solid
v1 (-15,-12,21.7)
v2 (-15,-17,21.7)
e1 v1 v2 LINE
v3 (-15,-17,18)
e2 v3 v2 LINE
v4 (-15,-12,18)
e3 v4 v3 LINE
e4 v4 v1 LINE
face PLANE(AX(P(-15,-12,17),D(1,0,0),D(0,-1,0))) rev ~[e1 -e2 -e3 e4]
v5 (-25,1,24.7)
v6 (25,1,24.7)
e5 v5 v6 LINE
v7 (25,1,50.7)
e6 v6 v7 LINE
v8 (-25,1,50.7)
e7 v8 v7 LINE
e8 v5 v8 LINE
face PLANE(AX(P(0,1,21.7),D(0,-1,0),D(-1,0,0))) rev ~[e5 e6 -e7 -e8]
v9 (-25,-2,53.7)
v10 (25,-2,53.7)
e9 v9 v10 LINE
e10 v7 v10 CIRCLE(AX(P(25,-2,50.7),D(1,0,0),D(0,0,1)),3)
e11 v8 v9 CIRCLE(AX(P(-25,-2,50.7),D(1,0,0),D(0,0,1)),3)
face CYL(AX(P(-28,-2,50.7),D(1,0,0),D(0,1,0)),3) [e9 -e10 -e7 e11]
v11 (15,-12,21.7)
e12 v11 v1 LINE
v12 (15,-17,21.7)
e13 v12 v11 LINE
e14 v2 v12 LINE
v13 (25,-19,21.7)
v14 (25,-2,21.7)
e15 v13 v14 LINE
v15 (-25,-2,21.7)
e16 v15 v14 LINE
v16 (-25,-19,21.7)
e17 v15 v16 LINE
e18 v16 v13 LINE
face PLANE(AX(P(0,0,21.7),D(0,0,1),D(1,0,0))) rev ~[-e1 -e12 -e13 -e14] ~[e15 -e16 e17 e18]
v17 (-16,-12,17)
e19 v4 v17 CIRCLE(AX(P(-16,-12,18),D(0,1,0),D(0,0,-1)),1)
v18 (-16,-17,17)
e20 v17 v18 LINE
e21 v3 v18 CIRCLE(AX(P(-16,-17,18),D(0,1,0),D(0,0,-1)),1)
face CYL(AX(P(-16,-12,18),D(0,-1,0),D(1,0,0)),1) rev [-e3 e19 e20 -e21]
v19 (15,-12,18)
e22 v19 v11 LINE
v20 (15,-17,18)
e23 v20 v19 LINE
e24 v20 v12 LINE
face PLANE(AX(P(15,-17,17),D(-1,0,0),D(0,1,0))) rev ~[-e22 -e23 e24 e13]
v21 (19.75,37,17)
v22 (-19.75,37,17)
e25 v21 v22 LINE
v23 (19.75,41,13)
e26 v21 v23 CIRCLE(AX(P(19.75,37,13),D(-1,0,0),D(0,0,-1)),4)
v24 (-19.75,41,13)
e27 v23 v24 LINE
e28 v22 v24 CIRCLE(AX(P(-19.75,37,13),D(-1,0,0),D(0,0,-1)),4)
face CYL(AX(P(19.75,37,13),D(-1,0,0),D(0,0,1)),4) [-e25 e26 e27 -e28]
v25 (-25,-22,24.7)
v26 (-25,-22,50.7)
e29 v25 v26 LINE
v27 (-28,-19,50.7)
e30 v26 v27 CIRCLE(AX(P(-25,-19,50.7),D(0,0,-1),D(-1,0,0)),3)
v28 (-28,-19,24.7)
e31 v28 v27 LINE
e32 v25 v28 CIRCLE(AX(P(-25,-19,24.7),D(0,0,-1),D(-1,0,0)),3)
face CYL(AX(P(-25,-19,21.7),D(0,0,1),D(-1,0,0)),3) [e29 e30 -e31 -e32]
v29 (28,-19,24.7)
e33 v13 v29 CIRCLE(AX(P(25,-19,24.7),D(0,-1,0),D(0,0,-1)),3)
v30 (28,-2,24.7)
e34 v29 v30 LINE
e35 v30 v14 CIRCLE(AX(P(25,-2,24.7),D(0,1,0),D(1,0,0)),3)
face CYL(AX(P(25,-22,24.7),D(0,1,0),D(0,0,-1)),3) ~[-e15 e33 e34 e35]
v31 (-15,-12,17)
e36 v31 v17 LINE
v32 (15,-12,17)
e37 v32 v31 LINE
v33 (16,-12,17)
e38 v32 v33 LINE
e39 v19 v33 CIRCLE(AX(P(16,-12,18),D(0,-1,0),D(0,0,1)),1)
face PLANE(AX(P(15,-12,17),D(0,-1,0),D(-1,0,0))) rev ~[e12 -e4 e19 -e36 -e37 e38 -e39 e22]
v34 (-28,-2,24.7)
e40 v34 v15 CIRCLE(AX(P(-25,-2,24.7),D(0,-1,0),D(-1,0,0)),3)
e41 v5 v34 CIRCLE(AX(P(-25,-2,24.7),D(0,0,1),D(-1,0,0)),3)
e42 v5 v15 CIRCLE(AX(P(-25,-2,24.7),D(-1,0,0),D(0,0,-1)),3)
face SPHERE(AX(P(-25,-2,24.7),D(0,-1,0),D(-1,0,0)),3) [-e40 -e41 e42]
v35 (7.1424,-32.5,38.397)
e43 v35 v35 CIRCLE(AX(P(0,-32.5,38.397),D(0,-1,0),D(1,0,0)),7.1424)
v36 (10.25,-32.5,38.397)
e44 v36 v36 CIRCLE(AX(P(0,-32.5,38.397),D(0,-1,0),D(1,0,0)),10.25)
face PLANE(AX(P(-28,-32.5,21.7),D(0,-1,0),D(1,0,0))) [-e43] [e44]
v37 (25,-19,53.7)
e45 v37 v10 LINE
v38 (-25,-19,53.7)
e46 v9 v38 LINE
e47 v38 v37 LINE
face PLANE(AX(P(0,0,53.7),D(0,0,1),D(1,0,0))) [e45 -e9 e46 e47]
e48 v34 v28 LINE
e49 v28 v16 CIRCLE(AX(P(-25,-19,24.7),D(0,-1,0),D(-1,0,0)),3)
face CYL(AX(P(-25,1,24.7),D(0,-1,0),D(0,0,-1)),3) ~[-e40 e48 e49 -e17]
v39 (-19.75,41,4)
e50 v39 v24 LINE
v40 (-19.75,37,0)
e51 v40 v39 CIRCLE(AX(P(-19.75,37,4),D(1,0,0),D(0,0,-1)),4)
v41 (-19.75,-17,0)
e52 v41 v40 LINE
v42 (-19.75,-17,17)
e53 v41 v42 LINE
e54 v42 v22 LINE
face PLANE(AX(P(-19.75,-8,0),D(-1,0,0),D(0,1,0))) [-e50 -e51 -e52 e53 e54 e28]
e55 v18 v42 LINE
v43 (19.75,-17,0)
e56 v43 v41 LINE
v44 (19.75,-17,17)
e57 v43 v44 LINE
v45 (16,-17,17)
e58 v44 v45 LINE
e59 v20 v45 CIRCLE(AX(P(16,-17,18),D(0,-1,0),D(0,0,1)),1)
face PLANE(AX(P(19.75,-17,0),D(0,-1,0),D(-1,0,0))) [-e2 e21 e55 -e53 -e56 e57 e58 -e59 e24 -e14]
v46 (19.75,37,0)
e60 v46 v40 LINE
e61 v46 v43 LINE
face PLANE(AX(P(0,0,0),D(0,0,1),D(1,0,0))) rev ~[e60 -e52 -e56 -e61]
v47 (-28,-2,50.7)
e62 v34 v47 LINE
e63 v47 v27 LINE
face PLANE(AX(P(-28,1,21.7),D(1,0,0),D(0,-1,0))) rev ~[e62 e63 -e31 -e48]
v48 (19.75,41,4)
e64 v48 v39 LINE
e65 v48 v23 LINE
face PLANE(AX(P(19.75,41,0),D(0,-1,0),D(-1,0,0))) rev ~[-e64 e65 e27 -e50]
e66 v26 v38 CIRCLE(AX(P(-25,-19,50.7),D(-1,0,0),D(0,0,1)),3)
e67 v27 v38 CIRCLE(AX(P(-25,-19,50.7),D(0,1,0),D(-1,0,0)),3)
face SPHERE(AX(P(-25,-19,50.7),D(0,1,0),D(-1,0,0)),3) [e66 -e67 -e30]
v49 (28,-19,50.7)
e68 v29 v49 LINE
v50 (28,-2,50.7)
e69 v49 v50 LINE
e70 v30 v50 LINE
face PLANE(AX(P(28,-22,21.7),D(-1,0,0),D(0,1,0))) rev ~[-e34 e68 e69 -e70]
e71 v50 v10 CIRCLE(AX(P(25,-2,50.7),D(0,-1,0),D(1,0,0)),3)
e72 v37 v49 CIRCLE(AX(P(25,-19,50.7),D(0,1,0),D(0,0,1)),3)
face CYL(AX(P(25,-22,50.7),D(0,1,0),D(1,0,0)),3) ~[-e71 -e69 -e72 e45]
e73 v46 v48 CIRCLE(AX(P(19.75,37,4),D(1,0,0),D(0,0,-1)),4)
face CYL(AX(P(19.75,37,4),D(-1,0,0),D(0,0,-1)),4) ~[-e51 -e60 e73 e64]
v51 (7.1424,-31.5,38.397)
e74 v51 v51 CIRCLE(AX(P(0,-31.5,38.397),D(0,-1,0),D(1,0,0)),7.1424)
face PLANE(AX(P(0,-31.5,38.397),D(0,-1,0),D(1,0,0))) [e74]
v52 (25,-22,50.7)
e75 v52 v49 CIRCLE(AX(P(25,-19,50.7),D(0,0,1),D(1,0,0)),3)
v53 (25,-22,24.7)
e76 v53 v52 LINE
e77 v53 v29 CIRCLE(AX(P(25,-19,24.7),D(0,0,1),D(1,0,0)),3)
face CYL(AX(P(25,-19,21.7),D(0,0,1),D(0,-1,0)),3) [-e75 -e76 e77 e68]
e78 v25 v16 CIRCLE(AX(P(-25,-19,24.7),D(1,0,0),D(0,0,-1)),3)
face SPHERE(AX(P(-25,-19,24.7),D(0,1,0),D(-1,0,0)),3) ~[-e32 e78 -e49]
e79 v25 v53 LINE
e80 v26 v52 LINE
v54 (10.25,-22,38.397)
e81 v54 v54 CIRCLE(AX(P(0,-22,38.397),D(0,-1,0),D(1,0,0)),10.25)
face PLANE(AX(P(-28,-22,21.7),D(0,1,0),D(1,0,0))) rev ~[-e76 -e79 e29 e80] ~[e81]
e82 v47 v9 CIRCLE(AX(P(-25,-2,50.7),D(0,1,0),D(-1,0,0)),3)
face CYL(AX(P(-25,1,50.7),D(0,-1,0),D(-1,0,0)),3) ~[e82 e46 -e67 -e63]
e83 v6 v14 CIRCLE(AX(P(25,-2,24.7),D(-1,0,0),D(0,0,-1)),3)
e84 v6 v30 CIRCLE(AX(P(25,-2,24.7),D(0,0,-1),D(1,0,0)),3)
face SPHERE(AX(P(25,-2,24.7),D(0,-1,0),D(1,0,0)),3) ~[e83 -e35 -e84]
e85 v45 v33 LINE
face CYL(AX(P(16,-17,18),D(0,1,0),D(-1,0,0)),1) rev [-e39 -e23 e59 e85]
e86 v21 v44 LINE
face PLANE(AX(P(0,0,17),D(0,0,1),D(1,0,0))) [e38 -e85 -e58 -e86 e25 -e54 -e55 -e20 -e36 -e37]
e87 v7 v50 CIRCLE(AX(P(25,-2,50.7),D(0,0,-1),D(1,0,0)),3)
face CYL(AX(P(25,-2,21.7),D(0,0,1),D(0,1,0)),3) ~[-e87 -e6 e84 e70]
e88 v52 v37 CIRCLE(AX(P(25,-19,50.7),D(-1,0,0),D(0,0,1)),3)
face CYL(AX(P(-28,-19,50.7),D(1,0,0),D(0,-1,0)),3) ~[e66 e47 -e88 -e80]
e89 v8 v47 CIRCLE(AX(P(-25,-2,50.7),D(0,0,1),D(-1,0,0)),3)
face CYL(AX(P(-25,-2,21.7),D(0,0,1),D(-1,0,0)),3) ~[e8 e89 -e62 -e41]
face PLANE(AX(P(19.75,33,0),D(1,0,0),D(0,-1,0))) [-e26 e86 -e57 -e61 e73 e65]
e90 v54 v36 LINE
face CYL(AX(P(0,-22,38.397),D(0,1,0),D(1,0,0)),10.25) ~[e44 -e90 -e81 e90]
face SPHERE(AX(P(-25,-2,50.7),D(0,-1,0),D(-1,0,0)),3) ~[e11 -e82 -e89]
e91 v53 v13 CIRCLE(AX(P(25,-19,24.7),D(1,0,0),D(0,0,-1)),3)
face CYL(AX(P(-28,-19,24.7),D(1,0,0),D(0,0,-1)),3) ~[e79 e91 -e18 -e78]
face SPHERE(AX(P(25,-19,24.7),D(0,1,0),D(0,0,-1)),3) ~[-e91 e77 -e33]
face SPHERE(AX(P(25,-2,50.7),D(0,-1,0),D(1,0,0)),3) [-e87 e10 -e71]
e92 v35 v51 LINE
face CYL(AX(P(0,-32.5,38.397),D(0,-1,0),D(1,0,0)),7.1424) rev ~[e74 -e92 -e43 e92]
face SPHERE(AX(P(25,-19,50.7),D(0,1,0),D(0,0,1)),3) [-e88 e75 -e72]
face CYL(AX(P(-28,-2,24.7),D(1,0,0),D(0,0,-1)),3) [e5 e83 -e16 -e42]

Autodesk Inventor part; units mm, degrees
ref_plane "YZ Plane" through (0, 0, 0) normal (1, 0, 0) x (0, 1, 0)
ref_plane "XZ Plane" through (0, 0, 0) normal (0, 1, 0) x (-1, 0, 0)
ref_plane "XY Plane" through (0, 0, 0) normal (0, 0, 1) x (1, 0, 0)
sketch "Sketch1" plane through (0, 0, 0) normal (0, 0, 1) x (1, 0, 0)
  circle A0 centre (0, 17) radius 3.1 projected
  line L0 (19.75, -8) -> (-19.75, -8) projected
  line L1 (19.75, 33) -> (19.75, -8) projected
  line L2 (-19.75, 33) -> (19.75, 33) projected
  line L3 (-19.75, -8) -> (-19.75, 33) projected
  line L4 (-19.75, -8) -> (19.75, -8)
  line L5 (19.75, -8) -> (19.75, -17)
  line L6 (19.75, -17) -> (-19.75, -17)
  line L7 (-19.75, -17) -> (-19.75, -8)
  line L8 (-19.75, 33) -> (19.75, 33)
  line L9 (19.75, 33) -> (19.75, 41)
  line L10 (19.75, 41) -> (-19.75, 41)
  line L11 (-19.75, 41) -> (-19.75, 33)
  line L12 (-19.75, -10) -> (19.75, -10) projected
  point P0 (0, 0)
  dimension "d0" = 7
  dimension "d1" = 8
extrude "Extrusion1" add sketch "Sketch1" along normal blind 17 contours A0 | L5 L12 L7 L0 | L0 L3 L2 L1 | L2 L11 L10 L9 | L5 L6 L7 L12
sketch "Sketch2" plane through (0, 0, 17) normal (0, 0, 1) x (1, 0, 0)
  line L0 (-19.75, -17) -> (19.75, -17) projected
  line L1 (-15, -17) -> (15, -17)
  line L2 (15, -17) -> (15, -12)
  line L3 (15, -12) -> (-15, -12)
  line L4 (-15, -12) -> (-15, -17)
  line L5 (0, 0) -> (0, 11.2749)
  point P0 (0, -12)
  dimension "d4" = 30
  dimension "d5" = 5
extrude "Extrusion2" add sketch "Sketch2" along normal blind 4.7
sketch "Sketch3" plane through (0, 0, 21.7) normal (0, 0, 1) x (1, 0, 0)
  line L0 (-15, -17) -> (15, -17) projected
  line L1 (15, -17) -> (15, -12) projected
  line L2 (15, -12) -> (-15, -12) projected
  line L3 (-15, -12) -> (-15, -17) projected
  line L4 (-28, -22) -> (28, -22)
  line L5 (28, -22) -> (28, 1)
  line L6 (28, 1) -> (-28, 1)
  line L7 (-28, 1) -> (-28, -22)
  line L8 (0, 0) -> (0, 8.1393)
  point P0 (0, 1)
  dimension "d8" = 56
  dimension "d9" = 23
  dimension "d10" = 5
extrude "Extrusion3" add sketch "Sketch3" along normal blind 32 contours L3 L2 L1 L0 | L7 L6 L5 L4
sketch "Sketch4" plane through (-28, -22, 21.7) normal (0, -1, 0) x (1, 0, 0)
  circle A0 centre (28, 16.697) radius 10.25
  point P0 (28, -21.7)
  dimension "d13" = 20.5
extrude "Extrusion4" add sketch "Sketch4" along normal blind 10.5
fillet "Fillet1" radius 3 12 edges at (-28, -10.5, 53.7) (28, -10.5, 53.7) (28, -10.5, 21.7) (-28, -10.5, 21.7) (-28, -22, 37.7) (0, -22, 21.7) (0, -22, 53.7) (28, -22, 37.7) (28, 1, 37.7) (-28, 1, 37.7) (0, 1, 53.7) (0, 1, 21.7)
sketch "Sketch5" plane through (0, -32.5, 38.397) normal (0, -1, 0) x (1, 0, 0)
  circle A0 centre (0, 0) radius 10.25 projected
  circle A1 centre (0, 0) radius 7.1424
  point P0 (0, -38.397)
extrude "Extrusion5" cut sketch "Sketch5" against normal blind 1 contours A1
fillet "Fillet2" radius 1 2 edges at (15, -14.5, 17) (-15, -14.5, 17)
fillet "Fillet3" radius 4 2 edges at (0, 41, 0) (0, 41, 17)
properties part number "DK2 Camera"
